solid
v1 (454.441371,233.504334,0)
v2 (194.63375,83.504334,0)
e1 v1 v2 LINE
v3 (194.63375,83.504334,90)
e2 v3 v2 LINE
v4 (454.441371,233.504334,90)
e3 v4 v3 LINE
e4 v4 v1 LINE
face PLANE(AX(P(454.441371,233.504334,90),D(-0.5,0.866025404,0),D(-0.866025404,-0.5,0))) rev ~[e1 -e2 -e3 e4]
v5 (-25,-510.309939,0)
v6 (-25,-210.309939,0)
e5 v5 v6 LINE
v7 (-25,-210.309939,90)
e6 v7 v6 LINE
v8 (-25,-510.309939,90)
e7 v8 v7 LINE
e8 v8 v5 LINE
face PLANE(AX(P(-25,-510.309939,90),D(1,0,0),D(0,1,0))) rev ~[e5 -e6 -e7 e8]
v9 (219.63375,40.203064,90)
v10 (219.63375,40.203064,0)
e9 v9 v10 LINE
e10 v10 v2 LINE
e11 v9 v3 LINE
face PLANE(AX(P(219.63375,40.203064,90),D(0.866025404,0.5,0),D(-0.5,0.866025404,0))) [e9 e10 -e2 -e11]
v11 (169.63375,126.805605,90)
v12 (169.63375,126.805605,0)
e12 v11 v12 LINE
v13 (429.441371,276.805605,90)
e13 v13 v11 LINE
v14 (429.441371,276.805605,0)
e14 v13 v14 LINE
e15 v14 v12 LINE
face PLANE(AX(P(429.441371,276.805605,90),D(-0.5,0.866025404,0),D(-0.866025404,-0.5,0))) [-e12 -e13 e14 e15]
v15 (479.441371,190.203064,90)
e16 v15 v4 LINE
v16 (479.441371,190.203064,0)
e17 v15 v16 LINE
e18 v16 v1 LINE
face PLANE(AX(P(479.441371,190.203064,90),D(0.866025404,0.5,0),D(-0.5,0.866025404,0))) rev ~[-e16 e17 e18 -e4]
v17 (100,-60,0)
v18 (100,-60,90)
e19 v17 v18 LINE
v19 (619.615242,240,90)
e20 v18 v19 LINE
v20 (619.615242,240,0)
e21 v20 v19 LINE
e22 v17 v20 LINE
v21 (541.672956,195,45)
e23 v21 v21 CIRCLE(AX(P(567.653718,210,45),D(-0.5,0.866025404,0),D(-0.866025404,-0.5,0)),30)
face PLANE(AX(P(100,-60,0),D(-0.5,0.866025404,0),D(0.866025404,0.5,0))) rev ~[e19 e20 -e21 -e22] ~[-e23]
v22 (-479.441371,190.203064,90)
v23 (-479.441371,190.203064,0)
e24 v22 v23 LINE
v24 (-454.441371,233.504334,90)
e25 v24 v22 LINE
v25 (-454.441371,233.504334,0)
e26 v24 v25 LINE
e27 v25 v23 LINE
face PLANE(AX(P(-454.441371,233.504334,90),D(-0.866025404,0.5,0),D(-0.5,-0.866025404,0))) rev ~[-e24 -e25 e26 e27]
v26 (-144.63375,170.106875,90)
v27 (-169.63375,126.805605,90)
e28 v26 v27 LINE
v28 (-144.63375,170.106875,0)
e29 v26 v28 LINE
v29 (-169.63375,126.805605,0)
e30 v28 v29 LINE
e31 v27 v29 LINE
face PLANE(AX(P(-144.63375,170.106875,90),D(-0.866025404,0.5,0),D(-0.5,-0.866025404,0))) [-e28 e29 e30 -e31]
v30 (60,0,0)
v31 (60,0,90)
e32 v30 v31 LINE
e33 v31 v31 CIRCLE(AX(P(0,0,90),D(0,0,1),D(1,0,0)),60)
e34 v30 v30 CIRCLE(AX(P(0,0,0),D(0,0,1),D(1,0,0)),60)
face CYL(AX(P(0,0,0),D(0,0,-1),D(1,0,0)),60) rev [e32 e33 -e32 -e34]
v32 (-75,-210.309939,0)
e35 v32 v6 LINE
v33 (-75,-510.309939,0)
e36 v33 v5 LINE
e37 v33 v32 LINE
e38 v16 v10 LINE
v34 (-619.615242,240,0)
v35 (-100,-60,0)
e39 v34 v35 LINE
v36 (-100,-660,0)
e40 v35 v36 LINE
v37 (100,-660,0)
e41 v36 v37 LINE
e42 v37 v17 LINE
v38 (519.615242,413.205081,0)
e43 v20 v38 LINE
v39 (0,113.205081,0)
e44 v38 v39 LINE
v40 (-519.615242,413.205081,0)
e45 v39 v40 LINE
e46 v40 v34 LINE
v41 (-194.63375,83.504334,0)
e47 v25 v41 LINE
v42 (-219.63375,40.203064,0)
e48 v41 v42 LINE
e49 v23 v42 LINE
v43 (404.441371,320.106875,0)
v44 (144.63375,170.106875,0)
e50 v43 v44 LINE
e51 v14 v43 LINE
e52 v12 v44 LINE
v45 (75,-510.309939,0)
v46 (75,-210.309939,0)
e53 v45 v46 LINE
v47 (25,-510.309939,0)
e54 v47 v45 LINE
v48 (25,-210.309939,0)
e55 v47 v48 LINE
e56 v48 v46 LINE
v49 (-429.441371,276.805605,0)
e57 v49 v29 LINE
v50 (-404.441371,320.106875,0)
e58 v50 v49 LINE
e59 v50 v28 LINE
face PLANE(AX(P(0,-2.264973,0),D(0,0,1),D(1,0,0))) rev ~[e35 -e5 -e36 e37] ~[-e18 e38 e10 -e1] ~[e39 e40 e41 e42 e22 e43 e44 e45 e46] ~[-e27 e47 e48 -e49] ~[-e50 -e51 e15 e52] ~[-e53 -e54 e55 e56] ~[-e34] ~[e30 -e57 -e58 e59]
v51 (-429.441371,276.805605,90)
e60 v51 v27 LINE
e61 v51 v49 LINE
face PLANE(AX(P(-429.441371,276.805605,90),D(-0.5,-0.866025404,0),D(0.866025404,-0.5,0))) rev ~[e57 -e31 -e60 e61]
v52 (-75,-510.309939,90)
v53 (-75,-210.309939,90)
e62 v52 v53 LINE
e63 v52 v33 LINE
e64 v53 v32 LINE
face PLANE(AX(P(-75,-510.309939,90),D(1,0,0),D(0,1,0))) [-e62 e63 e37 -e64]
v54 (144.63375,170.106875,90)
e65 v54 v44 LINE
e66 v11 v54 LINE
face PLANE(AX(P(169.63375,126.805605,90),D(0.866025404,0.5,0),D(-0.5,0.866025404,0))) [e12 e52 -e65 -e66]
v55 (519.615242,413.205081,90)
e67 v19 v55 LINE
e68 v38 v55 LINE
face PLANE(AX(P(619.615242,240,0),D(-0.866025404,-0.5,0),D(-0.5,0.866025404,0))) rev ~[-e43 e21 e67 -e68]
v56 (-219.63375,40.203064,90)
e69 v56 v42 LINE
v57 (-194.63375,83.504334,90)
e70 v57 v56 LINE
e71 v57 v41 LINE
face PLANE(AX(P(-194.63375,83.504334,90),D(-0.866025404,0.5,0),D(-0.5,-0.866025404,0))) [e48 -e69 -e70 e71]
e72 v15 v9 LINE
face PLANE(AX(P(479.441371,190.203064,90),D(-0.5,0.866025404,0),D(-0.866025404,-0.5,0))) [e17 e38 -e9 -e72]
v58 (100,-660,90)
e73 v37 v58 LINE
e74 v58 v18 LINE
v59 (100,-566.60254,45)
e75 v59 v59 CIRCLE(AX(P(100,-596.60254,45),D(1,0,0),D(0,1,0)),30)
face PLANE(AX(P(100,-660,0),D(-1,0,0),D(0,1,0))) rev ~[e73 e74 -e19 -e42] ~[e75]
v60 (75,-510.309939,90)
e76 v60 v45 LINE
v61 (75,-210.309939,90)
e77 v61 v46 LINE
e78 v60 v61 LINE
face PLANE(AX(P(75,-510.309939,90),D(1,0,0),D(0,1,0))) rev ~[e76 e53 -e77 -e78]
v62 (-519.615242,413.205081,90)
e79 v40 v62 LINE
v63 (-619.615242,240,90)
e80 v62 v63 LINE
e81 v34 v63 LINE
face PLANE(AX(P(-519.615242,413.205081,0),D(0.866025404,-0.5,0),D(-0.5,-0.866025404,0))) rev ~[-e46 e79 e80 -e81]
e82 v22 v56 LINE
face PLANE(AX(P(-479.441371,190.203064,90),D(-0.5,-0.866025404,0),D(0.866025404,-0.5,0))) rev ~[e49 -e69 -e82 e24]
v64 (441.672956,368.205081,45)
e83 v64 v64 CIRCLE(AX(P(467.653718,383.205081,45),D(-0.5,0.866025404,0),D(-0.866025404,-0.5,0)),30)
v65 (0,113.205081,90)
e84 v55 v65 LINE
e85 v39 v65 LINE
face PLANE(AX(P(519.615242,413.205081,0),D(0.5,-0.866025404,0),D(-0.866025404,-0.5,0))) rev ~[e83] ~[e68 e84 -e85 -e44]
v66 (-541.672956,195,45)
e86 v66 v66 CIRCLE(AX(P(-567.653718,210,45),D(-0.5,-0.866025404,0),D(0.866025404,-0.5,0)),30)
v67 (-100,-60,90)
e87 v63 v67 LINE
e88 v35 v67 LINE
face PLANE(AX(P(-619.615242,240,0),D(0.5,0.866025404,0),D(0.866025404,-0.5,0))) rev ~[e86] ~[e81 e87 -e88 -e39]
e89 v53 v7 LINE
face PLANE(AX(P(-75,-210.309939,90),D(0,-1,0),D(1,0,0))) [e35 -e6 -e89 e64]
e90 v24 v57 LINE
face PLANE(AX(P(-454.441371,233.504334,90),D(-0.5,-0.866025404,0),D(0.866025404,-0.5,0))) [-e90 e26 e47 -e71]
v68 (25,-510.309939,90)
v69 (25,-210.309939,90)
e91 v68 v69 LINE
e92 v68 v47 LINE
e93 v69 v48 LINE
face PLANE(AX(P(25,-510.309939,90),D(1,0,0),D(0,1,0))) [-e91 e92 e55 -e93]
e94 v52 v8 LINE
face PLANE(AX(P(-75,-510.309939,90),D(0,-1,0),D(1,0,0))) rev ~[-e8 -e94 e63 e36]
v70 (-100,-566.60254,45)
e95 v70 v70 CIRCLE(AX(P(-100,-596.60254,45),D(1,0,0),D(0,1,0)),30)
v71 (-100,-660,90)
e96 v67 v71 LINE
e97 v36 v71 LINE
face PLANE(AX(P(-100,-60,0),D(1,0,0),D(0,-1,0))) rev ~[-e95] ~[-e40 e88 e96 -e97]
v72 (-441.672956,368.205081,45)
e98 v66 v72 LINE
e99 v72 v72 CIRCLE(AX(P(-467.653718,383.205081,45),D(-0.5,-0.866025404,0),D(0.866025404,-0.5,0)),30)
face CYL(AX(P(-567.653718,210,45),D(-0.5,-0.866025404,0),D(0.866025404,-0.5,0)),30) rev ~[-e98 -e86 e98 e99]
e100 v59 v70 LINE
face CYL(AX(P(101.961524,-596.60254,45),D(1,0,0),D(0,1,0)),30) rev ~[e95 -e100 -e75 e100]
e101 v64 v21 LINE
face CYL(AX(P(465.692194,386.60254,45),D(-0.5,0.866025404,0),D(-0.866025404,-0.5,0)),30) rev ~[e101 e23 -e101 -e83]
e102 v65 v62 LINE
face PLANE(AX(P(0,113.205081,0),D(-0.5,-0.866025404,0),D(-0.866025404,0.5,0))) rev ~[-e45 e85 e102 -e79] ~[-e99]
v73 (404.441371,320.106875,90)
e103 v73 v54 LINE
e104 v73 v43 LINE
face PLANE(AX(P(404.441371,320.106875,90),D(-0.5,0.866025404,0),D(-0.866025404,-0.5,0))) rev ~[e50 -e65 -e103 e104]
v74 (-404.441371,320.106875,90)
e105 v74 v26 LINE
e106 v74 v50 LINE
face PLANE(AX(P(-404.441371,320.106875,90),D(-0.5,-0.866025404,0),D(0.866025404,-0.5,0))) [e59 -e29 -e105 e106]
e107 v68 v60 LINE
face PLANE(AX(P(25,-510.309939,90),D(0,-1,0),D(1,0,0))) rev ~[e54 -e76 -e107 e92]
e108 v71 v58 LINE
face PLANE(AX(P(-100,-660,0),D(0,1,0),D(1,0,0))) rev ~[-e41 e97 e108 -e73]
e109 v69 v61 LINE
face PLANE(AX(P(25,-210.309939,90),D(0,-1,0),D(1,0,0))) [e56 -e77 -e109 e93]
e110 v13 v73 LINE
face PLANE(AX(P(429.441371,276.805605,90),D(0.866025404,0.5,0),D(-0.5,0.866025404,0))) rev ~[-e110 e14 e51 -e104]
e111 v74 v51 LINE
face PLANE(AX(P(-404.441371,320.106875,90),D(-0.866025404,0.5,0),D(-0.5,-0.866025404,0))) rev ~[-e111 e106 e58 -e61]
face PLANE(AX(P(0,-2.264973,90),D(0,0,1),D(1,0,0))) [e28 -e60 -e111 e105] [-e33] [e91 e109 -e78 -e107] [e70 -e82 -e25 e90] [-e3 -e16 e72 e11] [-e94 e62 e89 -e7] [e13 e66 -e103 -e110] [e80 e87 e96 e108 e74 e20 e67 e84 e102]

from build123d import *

# Parameters (mm, degrees)
SKETCH2_R           = 60
BOSS_EXTRUDE1_DEPTH = 90
SKETCH4_W           = 50
SKETCH4_H           = 300
CUT_EXTRUDE1_DEPTH  = 90
CIRPATTERN1_COUNT   = 3
SKETCH7_R           = 30
CUT_EXTRUDE2_DEPTH  = 770.615242271
CIRPATTERN2_COUNT   = 3


with BuildPart() as part:
    # Sketch2 → Boss-Extrude1 (new body)
    with BuildSketch(Plane.XY):
        Polygon((-100, -60), (-100, -660), (100, -660), (100, -60), (619.615242271, 240), (519.615242271, 413.205080757), (0, 113.205080757), (-519.615242271, 413.205080757), (-619.615242271, 240), align=None)
        Circle(SKETCH2_R, mode=Mode.SUBTRACT)
    extrude(amount=BOSS_EXTRUDE1_DEPTH)

    # Sketch4 → Cut-Extrude1 (cut)
    with BuildSketch(Plane.XY.offset(90)):
        with Locations((-50, -360.309938914)):
            Rectangle(SKETCH4_W, SKETCH4_H)
        with Locations((50, -360.309938914)):
            Rectangle(SKETCH4_W, SKETCH4_H)
    cut_extrude1 = extrude(amount=-CUT_EXTRUDE1_DEPTH, mode=Mode.SUBTRACT)

    # CirPattern1: Cut-Extrude1 ×3 about axis
    cirpattern1_axis = Axis((0, 0, 0), (0, 0, 1))
    for i in range(1, CIRPATTERN1_COUNT):
        add(cut_extrude1.rotate(cirpattern1_axis, i * 360 / CIRPATTERN1_COUNT), mode=Mode.SUBTRACT)

    # Sketch7 → Cut-Extrude2 (cut, through all)
    with BuildSketch(Plane(origin=(-50.980762114, -88.301270189, 0), x_dir=(0.866025404, -0.5, 0), z_dir=(-0.5, -0.866025404, 0))):
        with Locations((-596.602540378, 45)):
            Circle(SKETCH7_R)
    cut_extrude2 = extrude(amount=-CUT_EXTRUDE2_DEPTH, mode=Mode.SUBTRACT)

    # CirPattern2: Cut-Extrude2 ×3 about axis
    cirpattern2_axis = Axis((0, 0, 0), (0, 0, 1))
    for i in range(1, CIRPATTERN2_COUNT):
        add(cut_extrude2.rotate(cirpattern2_axis, i * 360 / CIRPATTERN2_COUNT), mode=Mode.SUBTRACT)


solid = part.part
